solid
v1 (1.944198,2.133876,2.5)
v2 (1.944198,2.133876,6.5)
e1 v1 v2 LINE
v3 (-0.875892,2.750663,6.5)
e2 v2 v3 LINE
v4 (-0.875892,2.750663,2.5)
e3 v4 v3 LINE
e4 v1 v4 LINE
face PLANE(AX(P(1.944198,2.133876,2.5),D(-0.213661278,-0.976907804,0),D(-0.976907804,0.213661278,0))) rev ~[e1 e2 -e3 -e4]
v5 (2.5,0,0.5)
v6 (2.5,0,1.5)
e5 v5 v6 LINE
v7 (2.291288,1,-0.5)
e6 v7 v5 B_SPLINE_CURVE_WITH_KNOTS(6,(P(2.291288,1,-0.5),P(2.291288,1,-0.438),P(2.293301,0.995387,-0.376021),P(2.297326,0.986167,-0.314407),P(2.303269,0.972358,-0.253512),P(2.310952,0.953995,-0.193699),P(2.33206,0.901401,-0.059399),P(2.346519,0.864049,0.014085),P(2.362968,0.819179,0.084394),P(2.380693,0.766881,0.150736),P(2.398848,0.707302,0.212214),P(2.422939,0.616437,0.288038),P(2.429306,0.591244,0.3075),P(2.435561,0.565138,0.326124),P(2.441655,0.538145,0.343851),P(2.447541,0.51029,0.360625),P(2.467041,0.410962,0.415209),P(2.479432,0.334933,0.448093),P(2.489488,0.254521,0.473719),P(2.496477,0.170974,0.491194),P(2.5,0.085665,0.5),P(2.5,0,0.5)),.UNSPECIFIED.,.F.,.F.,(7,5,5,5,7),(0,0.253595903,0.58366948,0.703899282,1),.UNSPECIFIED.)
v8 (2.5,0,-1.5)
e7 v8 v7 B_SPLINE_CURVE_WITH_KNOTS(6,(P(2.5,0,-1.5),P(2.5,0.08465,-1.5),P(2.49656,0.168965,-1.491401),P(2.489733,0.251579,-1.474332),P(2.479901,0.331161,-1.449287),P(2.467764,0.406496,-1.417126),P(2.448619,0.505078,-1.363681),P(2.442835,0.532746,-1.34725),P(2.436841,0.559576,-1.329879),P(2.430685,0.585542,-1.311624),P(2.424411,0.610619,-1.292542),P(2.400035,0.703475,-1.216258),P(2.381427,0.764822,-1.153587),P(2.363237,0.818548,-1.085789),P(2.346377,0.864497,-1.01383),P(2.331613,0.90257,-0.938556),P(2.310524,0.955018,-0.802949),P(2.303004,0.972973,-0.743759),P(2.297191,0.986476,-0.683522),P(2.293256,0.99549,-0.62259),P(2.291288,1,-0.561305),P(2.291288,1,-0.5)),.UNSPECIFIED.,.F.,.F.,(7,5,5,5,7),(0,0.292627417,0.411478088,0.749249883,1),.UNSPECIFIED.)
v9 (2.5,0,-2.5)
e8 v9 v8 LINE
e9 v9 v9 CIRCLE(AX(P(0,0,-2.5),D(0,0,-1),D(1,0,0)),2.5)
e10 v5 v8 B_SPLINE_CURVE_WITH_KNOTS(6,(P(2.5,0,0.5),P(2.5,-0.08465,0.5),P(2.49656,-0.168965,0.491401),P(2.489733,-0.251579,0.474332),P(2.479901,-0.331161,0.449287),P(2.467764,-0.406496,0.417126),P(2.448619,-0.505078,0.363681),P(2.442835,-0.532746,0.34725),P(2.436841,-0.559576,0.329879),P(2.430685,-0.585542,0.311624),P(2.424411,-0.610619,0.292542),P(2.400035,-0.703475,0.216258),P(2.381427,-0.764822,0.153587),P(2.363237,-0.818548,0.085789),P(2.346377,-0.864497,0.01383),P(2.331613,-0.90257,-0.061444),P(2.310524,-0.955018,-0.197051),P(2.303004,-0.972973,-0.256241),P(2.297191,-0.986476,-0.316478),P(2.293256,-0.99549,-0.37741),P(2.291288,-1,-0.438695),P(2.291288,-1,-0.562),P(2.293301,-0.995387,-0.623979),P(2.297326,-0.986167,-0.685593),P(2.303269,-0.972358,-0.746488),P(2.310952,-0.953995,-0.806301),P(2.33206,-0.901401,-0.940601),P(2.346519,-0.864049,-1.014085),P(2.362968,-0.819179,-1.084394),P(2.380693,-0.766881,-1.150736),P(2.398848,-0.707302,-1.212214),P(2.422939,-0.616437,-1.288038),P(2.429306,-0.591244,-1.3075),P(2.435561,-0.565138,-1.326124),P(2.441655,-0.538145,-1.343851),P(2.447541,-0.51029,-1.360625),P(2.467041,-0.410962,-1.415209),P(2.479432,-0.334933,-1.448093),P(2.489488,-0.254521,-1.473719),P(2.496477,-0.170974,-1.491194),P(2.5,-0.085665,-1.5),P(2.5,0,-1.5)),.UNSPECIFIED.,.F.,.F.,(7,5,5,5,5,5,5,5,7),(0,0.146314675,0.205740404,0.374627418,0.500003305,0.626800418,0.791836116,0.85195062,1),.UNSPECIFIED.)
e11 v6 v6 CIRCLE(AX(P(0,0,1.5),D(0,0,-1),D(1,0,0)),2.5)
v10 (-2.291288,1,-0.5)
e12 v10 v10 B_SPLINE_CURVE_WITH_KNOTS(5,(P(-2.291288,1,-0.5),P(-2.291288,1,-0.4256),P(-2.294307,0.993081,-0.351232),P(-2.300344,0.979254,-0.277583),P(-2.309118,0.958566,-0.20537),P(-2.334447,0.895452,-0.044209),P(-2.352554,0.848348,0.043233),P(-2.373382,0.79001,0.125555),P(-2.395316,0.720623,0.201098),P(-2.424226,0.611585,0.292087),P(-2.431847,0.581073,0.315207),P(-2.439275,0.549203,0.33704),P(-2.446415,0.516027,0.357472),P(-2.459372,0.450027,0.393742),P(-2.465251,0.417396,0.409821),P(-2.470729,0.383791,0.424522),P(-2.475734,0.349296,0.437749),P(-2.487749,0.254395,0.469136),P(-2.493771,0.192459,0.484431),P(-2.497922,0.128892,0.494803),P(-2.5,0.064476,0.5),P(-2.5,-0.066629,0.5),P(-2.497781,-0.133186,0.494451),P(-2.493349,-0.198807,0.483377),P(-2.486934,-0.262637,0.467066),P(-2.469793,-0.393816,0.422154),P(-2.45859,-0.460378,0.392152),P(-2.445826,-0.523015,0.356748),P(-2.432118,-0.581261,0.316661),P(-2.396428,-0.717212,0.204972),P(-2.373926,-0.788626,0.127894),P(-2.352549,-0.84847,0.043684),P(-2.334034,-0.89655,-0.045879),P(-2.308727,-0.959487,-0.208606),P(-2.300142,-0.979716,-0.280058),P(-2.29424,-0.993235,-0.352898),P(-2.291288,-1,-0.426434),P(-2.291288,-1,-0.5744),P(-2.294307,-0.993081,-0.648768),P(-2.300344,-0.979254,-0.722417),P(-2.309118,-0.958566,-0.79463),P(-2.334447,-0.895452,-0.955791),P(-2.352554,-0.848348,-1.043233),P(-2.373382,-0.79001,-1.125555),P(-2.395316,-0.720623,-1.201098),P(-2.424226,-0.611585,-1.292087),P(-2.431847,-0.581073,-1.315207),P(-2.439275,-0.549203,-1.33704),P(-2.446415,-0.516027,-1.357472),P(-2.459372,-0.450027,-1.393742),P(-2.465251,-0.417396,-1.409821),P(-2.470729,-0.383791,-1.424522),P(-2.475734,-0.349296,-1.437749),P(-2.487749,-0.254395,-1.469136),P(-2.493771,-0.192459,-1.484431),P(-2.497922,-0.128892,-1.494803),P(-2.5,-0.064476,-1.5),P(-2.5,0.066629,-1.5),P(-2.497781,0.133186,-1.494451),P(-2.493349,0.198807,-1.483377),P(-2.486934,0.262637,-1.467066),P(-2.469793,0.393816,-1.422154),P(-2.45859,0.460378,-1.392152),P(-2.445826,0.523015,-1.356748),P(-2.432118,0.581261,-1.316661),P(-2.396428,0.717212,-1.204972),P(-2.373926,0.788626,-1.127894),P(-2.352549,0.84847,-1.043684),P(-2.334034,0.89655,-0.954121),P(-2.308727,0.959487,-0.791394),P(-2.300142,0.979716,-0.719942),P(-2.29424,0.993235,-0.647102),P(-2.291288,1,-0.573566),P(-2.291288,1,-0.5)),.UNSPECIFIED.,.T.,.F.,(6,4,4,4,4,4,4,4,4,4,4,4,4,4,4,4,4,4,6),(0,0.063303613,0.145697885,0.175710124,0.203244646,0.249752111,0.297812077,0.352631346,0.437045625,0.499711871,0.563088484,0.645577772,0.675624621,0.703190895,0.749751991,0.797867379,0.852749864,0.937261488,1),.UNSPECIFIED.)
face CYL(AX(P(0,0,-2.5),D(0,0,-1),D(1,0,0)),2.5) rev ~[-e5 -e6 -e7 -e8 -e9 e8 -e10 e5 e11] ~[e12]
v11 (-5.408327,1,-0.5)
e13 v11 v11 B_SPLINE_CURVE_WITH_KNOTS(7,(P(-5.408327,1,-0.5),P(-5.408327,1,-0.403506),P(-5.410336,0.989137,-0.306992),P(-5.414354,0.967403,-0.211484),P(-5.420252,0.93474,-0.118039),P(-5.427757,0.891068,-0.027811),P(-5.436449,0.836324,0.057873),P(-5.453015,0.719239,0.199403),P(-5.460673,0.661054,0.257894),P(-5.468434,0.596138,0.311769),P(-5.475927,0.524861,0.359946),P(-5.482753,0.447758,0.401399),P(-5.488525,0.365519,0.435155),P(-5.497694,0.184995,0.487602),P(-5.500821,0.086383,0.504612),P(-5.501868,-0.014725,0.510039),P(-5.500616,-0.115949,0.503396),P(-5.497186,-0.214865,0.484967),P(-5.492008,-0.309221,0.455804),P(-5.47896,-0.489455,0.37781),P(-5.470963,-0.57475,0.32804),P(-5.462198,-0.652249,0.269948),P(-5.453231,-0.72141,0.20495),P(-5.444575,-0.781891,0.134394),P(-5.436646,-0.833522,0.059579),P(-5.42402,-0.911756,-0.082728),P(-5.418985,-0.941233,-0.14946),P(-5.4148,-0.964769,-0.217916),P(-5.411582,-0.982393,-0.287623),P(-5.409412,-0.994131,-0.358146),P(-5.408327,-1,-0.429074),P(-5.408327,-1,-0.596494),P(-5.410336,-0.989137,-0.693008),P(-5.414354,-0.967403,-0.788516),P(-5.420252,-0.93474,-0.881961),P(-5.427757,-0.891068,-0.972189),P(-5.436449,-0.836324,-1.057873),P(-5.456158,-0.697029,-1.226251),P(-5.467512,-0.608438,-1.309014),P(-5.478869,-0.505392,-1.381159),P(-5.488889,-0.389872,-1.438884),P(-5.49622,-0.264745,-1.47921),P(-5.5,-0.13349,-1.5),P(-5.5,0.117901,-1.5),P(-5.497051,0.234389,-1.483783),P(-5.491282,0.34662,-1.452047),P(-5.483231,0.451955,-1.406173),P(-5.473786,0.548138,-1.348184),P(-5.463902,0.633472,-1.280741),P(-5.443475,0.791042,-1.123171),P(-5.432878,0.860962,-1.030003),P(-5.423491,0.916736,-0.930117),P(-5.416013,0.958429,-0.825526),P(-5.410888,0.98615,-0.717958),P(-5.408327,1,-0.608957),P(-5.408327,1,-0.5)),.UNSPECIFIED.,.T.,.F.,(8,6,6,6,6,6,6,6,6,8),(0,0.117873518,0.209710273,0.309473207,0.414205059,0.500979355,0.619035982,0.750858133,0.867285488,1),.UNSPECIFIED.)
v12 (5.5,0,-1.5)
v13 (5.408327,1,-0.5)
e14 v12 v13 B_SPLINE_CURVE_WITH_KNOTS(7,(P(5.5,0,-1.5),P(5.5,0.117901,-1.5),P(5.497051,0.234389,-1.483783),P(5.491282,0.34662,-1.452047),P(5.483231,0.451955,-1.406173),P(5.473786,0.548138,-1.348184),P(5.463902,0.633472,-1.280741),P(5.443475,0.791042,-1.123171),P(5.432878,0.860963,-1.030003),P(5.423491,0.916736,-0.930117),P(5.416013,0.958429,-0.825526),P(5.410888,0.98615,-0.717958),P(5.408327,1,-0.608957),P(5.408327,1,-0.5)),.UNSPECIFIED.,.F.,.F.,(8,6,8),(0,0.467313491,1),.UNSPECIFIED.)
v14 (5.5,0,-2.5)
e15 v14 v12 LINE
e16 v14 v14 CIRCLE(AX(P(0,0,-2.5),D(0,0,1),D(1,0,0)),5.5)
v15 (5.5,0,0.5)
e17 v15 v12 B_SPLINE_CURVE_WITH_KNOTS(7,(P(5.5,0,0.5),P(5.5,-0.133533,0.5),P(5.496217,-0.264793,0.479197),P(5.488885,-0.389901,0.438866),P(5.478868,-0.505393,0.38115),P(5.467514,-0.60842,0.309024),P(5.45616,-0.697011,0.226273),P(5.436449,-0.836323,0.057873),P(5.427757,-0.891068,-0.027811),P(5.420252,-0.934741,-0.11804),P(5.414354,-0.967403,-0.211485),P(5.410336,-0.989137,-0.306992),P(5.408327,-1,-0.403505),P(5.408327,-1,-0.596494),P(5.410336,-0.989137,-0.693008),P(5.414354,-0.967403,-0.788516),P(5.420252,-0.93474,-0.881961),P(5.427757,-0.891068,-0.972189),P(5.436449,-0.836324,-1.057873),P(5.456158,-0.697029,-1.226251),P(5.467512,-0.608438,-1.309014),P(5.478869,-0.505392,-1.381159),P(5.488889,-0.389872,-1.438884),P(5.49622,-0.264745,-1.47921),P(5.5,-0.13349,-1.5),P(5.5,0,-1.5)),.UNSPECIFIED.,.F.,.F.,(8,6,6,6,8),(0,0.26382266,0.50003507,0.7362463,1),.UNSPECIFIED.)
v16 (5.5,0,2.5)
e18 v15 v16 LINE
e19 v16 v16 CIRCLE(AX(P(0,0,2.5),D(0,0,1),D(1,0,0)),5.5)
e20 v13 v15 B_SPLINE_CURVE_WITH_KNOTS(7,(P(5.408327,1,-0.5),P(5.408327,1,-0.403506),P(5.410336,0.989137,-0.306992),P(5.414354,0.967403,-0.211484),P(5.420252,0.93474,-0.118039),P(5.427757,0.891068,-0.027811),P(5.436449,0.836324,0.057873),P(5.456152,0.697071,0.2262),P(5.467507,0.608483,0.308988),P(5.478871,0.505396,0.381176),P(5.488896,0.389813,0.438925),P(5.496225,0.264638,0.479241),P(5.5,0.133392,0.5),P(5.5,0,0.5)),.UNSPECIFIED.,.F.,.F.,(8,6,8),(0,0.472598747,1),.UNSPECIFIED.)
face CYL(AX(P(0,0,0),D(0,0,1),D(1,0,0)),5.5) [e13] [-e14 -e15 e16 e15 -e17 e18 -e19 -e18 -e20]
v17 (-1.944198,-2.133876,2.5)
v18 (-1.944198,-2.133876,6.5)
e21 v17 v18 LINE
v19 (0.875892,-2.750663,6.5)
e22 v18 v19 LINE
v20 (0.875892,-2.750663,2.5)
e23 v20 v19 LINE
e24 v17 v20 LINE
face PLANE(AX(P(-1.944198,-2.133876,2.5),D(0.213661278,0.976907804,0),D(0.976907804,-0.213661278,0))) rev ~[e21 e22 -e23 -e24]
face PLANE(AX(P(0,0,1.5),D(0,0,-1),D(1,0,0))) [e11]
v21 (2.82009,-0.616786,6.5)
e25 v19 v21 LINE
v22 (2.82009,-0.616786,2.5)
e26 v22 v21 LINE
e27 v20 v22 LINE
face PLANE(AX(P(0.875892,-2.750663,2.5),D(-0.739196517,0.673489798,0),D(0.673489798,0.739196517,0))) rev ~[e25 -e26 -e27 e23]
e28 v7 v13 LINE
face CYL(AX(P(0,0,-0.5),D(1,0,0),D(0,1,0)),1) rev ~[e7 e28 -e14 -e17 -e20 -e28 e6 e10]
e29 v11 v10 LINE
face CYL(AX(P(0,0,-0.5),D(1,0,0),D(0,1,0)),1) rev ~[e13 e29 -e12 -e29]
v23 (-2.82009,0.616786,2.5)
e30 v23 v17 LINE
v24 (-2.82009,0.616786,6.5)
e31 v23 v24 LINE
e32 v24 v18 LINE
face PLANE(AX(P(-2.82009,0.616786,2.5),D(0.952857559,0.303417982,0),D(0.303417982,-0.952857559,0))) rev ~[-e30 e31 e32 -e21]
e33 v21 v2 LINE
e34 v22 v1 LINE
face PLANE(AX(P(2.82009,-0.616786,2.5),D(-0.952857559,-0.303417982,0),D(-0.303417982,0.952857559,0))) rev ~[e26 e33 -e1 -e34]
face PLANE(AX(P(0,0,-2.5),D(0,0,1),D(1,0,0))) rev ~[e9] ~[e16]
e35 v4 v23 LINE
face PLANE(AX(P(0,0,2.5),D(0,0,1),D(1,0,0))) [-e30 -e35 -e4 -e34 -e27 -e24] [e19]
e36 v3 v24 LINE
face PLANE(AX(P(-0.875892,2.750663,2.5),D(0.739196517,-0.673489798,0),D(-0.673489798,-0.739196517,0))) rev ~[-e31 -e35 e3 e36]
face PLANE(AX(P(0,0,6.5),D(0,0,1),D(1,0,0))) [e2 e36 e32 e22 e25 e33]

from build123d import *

# Parameters (mm, degrees)
F0_R     = 5.5
F1_DEPTH = 2.5
F3_DEPTH = 4
F5_R     = 2.5
F6_DEPTH = 4
F4_R     = 1
F7_DEPTH = 12.5


with BuildPart() as f1:
    # F0 (on Top) → F1 (new body, symmetric)
    with BuildSketch(Plane.XY):
        Circle(F0_R)
    extrude(amount=F1_DEPTH, both=True)

    # F2 (on face) → F3 (join)
    with BuildSketch(Plane.XY.offset(2.5)):
        Polygon((0.875892, -2.750663), (2.82009, -0.616786), (1.944198, 2.133876), (-0.875892, 2.750663), (-2.82009, 0.616786), (-1.944198, -2.133876), align=None)
    extrude(amount=F3_DEPTH)

    # F5 (on face) → F6 (cut)
    with BuildSketch(Plane(origin=(0, 0, -2.5), x_dir=(1, 0, 0), z_dir=(0, 0, -1))):
        Circle(F5_R)
    extrude(amount=-F6_DEPTH, mode=Mode.SUBTRACT)

    # F4 (on Right) → F7 (cut, symmetric)
    with BuildSketch(Plane.YZ):
        with Locations((0, -0.5)):
            Circle(F4_R)
    extrude(amount=F7_DEPTH, both=True, mode=Mode.SUBTRACT)


solid = f1.part
